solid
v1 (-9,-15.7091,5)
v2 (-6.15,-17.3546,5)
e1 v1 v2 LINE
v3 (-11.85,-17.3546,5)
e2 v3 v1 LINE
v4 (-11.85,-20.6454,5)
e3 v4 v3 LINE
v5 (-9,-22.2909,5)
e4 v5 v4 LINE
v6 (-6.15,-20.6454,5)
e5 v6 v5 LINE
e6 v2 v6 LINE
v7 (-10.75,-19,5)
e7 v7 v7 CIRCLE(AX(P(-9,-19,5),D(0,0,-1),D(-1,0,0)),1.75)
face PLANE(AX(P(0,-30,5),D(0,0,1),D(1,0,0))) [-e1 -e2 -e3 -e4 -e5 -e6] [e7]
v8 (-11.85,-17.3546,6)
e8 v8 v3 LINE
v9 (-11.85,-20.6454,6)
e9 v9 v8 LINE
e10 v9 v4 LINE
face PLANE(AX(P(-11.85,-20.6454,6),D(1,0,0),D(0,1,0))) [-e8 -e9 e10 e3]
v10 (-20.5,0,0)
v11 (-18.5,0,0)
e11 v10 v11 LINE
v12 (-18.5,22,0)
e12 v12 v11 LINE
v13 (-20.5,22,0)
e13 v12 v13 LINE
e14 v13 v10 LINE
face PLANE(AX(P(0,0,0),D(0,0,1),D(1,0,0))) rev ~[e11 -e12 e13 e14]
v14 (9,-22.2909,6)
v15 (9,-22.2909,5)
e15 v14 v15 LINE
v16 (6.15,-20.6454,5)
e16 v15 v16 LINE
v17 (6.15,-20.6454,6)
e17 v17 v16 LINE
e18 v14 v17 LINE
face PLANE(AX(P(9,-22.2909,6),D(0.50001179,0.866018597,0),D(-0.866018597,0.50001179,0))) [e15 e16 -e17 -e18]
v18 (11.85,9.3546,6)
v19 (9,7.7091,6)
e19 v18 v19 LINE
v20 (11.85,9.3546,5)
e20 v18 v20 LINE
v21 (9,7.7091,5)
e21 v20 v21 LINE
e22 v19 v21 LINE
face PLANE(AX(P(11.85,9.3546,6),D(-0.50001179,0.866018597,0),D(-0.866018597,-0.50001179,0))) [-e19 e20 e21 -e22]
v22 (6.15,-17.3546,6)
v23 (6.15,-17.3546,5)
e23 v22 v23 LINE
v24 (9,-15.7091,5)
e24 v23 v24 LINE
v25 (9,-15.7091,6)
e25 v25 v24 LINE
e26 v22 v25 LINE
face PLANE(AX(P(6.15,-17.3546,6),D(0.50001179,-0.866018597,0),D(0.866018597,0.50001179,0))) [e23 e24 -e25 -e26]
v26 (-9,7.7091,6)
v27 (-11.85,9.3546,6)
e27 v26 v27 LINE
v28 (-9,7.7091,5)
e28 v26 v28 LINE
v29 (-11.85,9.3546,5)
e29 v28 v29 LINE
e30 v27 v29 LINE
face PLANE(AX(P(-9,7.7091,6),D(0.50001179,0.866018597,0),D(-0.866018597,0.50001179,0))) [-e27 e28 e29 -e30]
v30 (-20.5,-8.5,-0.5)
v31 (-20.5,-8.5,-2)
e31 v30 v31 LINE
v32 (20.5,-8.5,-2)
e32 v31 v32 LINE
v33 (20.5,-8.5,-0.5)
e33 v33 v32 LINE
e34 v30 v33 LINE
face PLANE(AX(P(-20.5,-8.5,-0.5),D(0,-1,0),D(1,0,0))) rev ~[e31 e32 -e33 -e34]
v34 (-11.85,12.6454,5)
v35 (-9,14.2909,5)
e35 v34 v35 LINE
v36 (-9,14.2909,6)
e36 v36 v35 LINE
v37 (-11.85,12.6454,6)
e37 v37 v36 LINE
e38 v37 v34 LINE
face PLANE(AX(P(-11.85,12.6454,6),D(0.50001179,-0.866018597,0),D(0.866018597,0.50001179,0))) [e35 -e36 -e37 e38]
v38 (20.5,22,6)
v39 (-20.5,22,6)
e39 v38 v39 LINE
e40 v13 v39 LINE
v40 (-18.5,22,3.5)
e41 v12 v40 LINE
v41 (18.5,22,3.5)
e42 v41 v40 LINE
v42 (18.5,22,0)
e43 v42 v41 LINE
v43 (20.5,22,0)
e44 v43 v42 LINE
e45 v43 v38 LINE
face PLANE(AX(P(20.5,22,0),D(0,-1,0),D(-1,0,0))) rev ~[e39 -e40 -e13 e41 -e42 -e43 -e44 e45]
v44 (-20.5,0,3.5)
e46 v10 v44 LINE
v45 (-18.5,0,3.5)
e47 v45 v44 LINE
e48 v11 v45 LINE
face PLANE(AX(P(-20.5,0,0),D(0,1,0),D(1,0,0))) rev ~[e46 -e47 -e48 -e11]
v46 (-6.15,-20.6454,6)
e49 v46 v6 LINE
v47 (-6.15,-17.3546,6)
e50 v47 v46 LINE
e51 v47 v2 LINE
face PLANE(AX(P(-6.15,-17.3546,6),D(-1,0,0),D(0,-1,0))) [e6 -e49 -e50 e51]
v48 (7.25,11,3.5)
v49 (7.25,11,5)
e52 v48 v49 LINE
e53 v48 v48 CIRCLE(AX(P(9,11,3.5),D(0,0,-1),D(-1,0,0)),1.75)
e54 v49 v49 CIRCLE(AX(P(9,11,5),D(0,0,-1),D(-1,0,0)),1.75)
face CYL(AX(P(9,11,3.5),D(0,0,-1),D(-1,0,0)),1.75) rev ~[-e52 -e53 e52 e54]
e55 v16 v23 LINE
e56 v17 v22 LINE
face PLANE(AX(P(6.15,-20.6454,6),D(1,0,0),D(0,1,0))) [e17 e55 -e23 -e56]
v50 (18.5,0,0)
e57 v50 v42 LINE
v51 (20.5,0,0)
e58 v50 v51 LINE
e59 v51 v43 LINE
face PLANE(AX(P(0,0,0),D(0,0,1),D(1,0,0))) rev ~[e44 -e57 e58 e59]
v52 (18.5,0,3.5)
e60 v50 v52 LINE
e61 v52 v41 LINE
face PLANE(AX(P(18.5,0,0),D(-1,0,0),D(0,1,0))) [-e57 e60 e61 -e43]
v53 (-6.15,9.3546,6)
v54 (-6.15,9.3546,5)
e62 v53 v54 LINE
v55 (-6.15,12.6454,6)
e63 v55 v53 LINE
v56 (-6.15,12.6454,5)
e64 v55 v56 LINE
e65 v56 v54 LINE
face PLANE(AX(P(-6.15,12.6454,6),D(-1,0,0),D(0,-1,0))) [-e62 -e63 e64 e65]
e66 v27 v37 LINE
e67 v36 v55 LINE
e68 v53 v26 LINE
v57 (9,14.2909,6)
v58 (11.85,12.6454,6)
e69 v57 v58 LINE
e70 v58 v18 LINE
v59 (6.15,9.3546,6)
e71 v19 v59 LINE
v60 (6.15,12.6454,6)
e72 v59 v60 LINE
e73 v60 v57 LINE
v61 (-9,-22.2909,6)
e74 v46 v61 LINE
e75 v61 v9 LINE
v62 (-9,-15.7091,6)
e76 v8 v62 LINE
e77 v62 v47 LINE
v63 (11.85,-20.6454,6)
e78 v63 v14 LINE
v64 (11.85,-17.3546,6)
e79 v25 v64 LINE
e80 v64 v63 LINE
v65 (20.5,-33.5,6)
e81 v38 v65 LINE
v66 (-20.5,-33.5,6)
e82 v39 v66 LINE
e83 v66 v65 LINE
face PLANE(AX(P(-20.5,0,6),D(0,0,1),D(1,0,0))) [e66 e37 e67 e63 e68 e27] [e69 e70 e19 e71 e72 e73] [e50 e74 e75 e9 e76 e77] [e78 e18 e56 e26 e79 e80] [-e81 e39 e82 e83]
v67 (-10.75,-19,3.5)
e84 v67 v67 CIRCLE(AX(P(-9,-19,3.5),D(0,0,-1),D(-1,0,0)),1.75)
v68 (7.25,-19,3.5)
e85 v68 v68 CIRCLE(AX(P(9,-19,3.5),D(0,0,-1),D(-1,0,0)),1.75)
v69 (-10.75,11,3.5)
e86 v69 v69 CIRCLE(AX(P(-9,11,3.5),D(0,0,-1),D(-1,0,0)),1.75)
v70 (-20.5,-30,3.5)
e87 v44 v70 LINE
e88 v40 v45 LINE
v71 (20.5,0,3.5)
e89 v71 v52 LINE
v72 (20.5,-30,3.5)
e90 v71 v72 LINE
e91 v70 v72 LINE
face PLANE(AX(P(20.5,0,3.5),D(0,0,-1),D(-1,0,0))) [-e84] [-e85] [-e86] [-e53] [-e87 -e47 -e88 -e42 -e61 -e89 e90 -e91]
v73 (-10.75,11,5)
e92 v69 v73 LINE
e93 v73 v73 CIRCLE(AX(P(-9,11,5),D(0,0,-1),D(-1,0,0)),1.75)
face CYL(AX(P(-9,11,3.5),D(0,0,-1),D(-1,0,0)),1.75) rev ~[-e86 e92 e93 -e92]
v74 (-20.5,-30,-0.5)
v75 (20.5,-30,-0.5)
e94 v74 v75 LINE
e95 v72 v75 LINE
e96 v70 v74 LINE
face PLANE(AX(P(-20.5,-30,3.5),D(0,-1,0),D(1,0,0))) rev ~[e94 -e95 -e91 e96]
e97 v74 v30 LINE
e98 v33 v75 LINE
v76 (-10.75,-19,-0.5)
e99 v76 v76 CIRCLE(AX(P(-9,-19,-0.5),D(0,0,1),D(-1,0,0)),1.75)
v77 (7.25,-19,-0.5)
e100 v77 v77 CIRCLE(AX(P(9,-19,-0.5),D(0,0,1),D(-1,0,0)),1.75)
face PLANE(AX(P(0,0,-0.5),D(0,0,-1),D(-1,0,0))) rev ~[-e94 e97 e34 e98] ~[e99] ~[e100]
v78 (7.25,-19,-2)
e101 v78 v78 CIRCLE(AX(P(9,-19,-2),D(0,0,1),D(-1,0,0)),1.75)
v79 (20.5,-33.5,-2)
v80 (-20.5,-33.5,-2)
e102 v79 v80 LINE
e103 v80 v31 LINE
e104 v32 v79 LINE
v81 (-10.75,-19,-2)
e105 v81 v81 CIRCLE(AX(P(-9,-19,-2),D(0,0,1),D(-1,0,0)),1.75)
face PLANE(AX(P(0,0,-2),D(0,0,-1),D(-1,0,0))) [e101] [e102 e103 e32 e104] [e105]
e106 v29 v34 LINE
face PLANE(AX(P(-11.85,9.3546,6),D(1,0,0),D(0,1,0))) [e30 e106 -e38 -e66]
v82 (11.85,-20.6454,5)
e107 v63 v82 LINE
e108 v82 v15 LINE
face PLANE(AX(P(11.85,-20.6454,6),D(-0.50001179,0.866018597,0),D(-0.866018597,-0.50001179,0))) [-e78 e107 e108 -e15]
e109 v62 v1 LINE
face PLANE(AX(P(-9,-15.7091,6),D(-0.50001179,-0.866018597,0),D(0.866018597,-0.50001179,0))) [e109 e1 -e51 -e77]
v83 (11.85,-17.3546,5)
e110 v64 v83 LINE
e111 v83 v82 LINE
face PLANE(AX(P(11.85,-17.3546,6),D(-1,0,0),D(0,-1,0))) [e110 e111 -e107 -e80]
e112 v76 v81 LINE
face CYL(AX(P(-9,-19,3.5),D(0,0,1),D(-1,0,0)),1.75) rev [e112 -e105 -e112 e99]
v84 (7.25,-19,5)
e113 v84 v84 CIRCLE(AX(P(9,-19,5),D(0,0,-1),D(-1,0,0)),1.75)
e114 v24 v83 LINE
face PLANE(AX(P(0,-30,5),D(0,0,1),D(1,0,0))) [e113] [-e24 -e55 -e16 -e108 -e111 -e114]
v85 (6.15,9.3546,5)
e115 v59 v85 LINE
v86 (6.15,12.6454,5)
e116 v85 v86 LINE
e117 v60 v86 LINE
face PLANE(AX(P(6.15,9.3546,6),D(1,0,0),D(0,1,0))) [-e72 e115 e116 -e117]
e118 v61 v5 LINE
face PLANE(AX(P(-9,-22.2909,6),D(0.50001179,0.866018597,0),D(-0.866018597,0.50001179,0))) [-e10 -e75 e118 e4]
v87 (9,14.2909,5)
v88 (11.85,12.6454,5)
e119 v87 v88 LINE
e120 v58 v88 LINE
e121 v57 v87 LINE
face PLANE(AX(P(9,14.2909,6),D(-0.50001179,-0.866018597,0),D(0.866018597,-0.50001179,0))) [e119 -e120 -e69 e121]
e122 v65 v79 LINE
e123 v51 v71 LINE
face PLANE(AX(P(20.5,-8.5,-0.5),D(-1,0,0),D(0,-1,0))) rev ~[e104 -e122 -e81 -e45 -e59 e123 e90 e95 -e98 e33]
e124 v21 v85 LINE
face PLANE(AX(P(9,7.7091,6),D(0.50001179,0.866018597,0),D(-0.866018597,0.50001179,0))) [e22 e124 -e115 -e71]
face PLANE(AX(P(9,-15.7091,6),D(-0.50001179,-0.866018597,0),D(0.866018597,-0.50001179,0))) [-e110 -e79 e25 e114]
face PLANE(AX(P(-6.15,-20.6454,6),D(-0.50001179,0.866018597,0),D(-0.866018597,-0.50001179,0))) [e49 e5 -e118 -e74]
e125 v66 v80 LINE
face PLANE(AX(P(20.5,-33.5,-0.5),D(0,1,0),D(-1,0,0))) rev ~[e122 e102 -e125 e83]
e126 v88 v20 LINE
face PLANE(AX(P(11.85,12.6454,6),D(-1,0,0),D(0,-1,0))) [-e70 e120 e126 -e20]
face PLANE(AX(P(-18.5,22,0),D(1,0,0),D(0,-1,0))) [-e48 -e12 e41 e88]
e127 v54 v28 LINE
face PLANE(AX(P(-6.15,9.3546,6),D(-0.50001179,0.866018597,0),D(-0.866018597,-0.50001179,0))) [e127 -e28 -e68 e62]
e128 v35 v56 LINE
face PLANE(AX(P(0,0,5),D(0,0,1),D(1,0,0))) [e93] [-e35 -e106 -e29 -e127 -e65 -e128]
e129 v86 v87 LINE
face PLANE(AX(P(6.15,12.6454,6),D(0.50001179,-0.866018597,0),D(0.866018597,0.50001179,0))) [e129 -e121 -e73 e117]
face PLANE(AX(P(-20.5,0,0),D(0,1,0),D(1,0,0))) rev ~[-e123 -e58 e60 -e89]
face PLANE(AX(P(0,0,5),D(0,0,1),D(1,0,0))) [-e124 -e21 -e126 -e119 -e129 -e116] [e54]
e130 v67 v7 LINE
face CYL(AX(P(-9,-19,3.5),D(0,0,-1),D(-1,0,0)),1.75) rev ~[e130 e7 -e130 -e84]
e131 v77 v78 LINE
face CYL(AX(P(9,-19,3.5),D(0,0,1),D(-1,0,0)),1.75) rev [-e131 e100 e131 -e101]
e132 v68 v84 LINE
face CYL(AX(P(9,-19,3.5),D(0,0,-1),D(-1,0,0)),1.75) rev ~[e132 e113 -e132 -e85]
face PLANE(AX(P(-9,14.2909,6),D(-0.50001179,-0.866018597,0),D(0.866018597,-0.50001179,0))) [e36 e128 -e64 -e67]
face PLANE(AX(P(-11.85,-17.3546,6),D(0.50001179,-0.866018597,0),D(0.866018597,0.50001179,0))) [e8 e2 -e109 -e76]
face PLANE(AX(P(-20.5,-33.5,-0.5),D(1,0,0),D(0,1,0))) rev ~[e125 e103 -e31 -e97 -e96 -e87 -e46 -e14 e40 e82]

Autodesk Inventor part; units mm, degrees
ref_plane "YZ Plane" through (0, 0, 0) normal (1, 0, 0) x (0, 1, 0)
ref_plane "XZ Plane" through (0, 0, 0) normal (0, 1, 0) x (-1, 0, 0)
ref_plane "XY Plane" through (0, 0, 0) normal (0, 0, 1) x (1, 0, 0)
sketch "スケッチ1" plane through (0, 0, 0) normal (0, 0, 1) x (1, 0, 0)
  line L0 (-20.5, 0) -> (20.5, 0)
  line L1 (20.5, 0) -> (20.5, 22)
  line L2 (20.5, 22) -> (-20.5, 22)
  line L3 (-20.5, 22) -> (-20.5, 0)
  point P0 (0, 0)
  point P1 (0, 0)
  dimension "d0" = 41
  dimension "d1" = 22
extrude "押し出し1" add sketch "スケッチ1" along normal blind 6
sketch "スケッチ2" plane through (0, 0, 0) normal (0, 0, -1) x (-1, 0, 0)
  line L0 (-18.5, 22) -> (18.5, 22)
  line L1 (18.5, 22) -> (18.5, 0)
  line L2 (18.5, 0) -> (-18.5, 0)
  line L3 (-18.5, 0) -> (-18.5, 22)
  line L4 (-20.5, 0) -> (-20.5, 22) projected
  line L5 (-20.5, 22) -> (20.5, 22) projected
  point P0 (0, 0)
  point P1 (0, 22)
  dimension "d4" = 2
extrude "押し出し2" cut sketch "スケッチ2" against normal blind 3.5
sketch "スケッチ3" plane through (0, 0, 3.5) normal (0, 0, -1) x (-1, 0, 0)
  circle A0 centre (-9, 11) radius 1.75
  circle A1 centre (9, 11) radius 1.75
  line L0 (0, -4.4) -> (0, 26.4) projected
  line L1 (-18.5, 0) -> (-18.5, 22) projected
  point P0 (0, 0)
  point P1 (-18.5, 11)
  dimension "d7" = 3.5
  dimension "d8" = 18
extrude "押し出し3" cut sketch "スケッチ3" along normal mid plane 50
sketch "スケッチ4" plane through (0, 0, 6) normal (0, 0, 1) x (1, 0, 0)
  circle A0 centre (-9, 11) radius 1.75 projected
  circle A1 centre (9, 11) radius 1.75 projected
  line L0 (-9, 7.7091) -> (-11.85, 9.3546)
  line L1 (-11.85, 9.3546) -> (-11.85, 12.6454)
  line L2 (-11.85, 12.6454) -> (-9, 14.2909)
  line L3 (-9, 14.2909) -> (-6.15, 12.6454)
  line L4 (-6.15, 12.6454) -> (-6.15, 9.3546)
  line L5 (-6.15, 9.3546) -> (-9, 7.7091)
  line L6 (9, 7.7091) -> (6.15, 9.3546)
  line L7 (6.15, 9.3546) -> (6.15, 12.6454)
  line L8 (6.15, 12.6454) -> (9, 14.2909)
  line L9 (9, 14.2909) -> (11.85, 12.6454)
  line L10 (11.85, 12.6454) -> (11.85, 9.3546)
  line L11 (11.85, 9.3546) -> (9, 7.7091)
  point P0 (0, 0)
  dimension "d11" = 5.7
extrude "押し出し4" cut sketch "スケッチ4" against normal blind 1 contours A0 | A1 | L0 L1 L2 L3 L4 L5 | L6 L7 L8 L9 L10 L11
sketch "スケッチ5" plane through (-20.5, 0, 6) normal (0, -1, 0) x (1, 0, 0)
  line L0 (41, -2.5) -> (0, -2.5)
  line L1 (0, -2.5) -> (0, 0)
  line L2 (0, 0) -> (41, 0)
  line L3 (41, 0) -> (41, -2.5)
  line L4 (41, -6) -> (41, 0) projected
  line L5 (2, -2.5) -> (39, -2.5) projected
  point P0 (20.5, -6)
extrude "押し出し5" add sketch "スケッチ5" along normal blind 33.5
sketch "スケッチ6" plane through (0, 0, 3.5) normal (0, 0, -1) x (-1, 0, 0)
  line L0 (-20.5, 22) -> (-20.5, -33.5) projected
  line L1 (-20.5, -33.5) -> (20.5, -33.5)
  line L2 (20.5, -33.5) -> (20.5, -30)
  line L3 (20.5, -30) -> (-20.5, -30)
  line L4 (-20.5, -30) -> (-20.5, -33.5)
  line L5 (20.5, 0) -> (20.5, -33.5) projected
  point P0 (0, 0)
  point P1 (-20.5, -30)
  dimension "d16" = 3.5
extrude "押し出し6" add sketch "スケッチ6" along normal blind 4
sketch "スケッチ7" plane through (0, 0, -0.5) normal (0, 0, -1) x (-1, 0, 0)
  line L0 (-20.5, -33.5) -> (20.5, -33.5) projected
  line L1 (-20.5, -33.5) -> (20.5, -33.5)
  line L2 (20.5, -33.5) -> (20.5, -8.5)
  line L3 (20.5, -8.5) -> (-20.5, -8.5)
  line L4 (-20.5, -8.5) -> (-20.5, -33.5)
  point P0 (0, 0)
  dimension "d19" = 25
extrude "押し出し7" add sketch "スケッチ7" along normal blind 1.5
pattern_linear "矩形状パターン1" count 2 spacing 30 along (0, -1, 0) of "押し出し4", "押し出し3"
properties part number "belt_end"
